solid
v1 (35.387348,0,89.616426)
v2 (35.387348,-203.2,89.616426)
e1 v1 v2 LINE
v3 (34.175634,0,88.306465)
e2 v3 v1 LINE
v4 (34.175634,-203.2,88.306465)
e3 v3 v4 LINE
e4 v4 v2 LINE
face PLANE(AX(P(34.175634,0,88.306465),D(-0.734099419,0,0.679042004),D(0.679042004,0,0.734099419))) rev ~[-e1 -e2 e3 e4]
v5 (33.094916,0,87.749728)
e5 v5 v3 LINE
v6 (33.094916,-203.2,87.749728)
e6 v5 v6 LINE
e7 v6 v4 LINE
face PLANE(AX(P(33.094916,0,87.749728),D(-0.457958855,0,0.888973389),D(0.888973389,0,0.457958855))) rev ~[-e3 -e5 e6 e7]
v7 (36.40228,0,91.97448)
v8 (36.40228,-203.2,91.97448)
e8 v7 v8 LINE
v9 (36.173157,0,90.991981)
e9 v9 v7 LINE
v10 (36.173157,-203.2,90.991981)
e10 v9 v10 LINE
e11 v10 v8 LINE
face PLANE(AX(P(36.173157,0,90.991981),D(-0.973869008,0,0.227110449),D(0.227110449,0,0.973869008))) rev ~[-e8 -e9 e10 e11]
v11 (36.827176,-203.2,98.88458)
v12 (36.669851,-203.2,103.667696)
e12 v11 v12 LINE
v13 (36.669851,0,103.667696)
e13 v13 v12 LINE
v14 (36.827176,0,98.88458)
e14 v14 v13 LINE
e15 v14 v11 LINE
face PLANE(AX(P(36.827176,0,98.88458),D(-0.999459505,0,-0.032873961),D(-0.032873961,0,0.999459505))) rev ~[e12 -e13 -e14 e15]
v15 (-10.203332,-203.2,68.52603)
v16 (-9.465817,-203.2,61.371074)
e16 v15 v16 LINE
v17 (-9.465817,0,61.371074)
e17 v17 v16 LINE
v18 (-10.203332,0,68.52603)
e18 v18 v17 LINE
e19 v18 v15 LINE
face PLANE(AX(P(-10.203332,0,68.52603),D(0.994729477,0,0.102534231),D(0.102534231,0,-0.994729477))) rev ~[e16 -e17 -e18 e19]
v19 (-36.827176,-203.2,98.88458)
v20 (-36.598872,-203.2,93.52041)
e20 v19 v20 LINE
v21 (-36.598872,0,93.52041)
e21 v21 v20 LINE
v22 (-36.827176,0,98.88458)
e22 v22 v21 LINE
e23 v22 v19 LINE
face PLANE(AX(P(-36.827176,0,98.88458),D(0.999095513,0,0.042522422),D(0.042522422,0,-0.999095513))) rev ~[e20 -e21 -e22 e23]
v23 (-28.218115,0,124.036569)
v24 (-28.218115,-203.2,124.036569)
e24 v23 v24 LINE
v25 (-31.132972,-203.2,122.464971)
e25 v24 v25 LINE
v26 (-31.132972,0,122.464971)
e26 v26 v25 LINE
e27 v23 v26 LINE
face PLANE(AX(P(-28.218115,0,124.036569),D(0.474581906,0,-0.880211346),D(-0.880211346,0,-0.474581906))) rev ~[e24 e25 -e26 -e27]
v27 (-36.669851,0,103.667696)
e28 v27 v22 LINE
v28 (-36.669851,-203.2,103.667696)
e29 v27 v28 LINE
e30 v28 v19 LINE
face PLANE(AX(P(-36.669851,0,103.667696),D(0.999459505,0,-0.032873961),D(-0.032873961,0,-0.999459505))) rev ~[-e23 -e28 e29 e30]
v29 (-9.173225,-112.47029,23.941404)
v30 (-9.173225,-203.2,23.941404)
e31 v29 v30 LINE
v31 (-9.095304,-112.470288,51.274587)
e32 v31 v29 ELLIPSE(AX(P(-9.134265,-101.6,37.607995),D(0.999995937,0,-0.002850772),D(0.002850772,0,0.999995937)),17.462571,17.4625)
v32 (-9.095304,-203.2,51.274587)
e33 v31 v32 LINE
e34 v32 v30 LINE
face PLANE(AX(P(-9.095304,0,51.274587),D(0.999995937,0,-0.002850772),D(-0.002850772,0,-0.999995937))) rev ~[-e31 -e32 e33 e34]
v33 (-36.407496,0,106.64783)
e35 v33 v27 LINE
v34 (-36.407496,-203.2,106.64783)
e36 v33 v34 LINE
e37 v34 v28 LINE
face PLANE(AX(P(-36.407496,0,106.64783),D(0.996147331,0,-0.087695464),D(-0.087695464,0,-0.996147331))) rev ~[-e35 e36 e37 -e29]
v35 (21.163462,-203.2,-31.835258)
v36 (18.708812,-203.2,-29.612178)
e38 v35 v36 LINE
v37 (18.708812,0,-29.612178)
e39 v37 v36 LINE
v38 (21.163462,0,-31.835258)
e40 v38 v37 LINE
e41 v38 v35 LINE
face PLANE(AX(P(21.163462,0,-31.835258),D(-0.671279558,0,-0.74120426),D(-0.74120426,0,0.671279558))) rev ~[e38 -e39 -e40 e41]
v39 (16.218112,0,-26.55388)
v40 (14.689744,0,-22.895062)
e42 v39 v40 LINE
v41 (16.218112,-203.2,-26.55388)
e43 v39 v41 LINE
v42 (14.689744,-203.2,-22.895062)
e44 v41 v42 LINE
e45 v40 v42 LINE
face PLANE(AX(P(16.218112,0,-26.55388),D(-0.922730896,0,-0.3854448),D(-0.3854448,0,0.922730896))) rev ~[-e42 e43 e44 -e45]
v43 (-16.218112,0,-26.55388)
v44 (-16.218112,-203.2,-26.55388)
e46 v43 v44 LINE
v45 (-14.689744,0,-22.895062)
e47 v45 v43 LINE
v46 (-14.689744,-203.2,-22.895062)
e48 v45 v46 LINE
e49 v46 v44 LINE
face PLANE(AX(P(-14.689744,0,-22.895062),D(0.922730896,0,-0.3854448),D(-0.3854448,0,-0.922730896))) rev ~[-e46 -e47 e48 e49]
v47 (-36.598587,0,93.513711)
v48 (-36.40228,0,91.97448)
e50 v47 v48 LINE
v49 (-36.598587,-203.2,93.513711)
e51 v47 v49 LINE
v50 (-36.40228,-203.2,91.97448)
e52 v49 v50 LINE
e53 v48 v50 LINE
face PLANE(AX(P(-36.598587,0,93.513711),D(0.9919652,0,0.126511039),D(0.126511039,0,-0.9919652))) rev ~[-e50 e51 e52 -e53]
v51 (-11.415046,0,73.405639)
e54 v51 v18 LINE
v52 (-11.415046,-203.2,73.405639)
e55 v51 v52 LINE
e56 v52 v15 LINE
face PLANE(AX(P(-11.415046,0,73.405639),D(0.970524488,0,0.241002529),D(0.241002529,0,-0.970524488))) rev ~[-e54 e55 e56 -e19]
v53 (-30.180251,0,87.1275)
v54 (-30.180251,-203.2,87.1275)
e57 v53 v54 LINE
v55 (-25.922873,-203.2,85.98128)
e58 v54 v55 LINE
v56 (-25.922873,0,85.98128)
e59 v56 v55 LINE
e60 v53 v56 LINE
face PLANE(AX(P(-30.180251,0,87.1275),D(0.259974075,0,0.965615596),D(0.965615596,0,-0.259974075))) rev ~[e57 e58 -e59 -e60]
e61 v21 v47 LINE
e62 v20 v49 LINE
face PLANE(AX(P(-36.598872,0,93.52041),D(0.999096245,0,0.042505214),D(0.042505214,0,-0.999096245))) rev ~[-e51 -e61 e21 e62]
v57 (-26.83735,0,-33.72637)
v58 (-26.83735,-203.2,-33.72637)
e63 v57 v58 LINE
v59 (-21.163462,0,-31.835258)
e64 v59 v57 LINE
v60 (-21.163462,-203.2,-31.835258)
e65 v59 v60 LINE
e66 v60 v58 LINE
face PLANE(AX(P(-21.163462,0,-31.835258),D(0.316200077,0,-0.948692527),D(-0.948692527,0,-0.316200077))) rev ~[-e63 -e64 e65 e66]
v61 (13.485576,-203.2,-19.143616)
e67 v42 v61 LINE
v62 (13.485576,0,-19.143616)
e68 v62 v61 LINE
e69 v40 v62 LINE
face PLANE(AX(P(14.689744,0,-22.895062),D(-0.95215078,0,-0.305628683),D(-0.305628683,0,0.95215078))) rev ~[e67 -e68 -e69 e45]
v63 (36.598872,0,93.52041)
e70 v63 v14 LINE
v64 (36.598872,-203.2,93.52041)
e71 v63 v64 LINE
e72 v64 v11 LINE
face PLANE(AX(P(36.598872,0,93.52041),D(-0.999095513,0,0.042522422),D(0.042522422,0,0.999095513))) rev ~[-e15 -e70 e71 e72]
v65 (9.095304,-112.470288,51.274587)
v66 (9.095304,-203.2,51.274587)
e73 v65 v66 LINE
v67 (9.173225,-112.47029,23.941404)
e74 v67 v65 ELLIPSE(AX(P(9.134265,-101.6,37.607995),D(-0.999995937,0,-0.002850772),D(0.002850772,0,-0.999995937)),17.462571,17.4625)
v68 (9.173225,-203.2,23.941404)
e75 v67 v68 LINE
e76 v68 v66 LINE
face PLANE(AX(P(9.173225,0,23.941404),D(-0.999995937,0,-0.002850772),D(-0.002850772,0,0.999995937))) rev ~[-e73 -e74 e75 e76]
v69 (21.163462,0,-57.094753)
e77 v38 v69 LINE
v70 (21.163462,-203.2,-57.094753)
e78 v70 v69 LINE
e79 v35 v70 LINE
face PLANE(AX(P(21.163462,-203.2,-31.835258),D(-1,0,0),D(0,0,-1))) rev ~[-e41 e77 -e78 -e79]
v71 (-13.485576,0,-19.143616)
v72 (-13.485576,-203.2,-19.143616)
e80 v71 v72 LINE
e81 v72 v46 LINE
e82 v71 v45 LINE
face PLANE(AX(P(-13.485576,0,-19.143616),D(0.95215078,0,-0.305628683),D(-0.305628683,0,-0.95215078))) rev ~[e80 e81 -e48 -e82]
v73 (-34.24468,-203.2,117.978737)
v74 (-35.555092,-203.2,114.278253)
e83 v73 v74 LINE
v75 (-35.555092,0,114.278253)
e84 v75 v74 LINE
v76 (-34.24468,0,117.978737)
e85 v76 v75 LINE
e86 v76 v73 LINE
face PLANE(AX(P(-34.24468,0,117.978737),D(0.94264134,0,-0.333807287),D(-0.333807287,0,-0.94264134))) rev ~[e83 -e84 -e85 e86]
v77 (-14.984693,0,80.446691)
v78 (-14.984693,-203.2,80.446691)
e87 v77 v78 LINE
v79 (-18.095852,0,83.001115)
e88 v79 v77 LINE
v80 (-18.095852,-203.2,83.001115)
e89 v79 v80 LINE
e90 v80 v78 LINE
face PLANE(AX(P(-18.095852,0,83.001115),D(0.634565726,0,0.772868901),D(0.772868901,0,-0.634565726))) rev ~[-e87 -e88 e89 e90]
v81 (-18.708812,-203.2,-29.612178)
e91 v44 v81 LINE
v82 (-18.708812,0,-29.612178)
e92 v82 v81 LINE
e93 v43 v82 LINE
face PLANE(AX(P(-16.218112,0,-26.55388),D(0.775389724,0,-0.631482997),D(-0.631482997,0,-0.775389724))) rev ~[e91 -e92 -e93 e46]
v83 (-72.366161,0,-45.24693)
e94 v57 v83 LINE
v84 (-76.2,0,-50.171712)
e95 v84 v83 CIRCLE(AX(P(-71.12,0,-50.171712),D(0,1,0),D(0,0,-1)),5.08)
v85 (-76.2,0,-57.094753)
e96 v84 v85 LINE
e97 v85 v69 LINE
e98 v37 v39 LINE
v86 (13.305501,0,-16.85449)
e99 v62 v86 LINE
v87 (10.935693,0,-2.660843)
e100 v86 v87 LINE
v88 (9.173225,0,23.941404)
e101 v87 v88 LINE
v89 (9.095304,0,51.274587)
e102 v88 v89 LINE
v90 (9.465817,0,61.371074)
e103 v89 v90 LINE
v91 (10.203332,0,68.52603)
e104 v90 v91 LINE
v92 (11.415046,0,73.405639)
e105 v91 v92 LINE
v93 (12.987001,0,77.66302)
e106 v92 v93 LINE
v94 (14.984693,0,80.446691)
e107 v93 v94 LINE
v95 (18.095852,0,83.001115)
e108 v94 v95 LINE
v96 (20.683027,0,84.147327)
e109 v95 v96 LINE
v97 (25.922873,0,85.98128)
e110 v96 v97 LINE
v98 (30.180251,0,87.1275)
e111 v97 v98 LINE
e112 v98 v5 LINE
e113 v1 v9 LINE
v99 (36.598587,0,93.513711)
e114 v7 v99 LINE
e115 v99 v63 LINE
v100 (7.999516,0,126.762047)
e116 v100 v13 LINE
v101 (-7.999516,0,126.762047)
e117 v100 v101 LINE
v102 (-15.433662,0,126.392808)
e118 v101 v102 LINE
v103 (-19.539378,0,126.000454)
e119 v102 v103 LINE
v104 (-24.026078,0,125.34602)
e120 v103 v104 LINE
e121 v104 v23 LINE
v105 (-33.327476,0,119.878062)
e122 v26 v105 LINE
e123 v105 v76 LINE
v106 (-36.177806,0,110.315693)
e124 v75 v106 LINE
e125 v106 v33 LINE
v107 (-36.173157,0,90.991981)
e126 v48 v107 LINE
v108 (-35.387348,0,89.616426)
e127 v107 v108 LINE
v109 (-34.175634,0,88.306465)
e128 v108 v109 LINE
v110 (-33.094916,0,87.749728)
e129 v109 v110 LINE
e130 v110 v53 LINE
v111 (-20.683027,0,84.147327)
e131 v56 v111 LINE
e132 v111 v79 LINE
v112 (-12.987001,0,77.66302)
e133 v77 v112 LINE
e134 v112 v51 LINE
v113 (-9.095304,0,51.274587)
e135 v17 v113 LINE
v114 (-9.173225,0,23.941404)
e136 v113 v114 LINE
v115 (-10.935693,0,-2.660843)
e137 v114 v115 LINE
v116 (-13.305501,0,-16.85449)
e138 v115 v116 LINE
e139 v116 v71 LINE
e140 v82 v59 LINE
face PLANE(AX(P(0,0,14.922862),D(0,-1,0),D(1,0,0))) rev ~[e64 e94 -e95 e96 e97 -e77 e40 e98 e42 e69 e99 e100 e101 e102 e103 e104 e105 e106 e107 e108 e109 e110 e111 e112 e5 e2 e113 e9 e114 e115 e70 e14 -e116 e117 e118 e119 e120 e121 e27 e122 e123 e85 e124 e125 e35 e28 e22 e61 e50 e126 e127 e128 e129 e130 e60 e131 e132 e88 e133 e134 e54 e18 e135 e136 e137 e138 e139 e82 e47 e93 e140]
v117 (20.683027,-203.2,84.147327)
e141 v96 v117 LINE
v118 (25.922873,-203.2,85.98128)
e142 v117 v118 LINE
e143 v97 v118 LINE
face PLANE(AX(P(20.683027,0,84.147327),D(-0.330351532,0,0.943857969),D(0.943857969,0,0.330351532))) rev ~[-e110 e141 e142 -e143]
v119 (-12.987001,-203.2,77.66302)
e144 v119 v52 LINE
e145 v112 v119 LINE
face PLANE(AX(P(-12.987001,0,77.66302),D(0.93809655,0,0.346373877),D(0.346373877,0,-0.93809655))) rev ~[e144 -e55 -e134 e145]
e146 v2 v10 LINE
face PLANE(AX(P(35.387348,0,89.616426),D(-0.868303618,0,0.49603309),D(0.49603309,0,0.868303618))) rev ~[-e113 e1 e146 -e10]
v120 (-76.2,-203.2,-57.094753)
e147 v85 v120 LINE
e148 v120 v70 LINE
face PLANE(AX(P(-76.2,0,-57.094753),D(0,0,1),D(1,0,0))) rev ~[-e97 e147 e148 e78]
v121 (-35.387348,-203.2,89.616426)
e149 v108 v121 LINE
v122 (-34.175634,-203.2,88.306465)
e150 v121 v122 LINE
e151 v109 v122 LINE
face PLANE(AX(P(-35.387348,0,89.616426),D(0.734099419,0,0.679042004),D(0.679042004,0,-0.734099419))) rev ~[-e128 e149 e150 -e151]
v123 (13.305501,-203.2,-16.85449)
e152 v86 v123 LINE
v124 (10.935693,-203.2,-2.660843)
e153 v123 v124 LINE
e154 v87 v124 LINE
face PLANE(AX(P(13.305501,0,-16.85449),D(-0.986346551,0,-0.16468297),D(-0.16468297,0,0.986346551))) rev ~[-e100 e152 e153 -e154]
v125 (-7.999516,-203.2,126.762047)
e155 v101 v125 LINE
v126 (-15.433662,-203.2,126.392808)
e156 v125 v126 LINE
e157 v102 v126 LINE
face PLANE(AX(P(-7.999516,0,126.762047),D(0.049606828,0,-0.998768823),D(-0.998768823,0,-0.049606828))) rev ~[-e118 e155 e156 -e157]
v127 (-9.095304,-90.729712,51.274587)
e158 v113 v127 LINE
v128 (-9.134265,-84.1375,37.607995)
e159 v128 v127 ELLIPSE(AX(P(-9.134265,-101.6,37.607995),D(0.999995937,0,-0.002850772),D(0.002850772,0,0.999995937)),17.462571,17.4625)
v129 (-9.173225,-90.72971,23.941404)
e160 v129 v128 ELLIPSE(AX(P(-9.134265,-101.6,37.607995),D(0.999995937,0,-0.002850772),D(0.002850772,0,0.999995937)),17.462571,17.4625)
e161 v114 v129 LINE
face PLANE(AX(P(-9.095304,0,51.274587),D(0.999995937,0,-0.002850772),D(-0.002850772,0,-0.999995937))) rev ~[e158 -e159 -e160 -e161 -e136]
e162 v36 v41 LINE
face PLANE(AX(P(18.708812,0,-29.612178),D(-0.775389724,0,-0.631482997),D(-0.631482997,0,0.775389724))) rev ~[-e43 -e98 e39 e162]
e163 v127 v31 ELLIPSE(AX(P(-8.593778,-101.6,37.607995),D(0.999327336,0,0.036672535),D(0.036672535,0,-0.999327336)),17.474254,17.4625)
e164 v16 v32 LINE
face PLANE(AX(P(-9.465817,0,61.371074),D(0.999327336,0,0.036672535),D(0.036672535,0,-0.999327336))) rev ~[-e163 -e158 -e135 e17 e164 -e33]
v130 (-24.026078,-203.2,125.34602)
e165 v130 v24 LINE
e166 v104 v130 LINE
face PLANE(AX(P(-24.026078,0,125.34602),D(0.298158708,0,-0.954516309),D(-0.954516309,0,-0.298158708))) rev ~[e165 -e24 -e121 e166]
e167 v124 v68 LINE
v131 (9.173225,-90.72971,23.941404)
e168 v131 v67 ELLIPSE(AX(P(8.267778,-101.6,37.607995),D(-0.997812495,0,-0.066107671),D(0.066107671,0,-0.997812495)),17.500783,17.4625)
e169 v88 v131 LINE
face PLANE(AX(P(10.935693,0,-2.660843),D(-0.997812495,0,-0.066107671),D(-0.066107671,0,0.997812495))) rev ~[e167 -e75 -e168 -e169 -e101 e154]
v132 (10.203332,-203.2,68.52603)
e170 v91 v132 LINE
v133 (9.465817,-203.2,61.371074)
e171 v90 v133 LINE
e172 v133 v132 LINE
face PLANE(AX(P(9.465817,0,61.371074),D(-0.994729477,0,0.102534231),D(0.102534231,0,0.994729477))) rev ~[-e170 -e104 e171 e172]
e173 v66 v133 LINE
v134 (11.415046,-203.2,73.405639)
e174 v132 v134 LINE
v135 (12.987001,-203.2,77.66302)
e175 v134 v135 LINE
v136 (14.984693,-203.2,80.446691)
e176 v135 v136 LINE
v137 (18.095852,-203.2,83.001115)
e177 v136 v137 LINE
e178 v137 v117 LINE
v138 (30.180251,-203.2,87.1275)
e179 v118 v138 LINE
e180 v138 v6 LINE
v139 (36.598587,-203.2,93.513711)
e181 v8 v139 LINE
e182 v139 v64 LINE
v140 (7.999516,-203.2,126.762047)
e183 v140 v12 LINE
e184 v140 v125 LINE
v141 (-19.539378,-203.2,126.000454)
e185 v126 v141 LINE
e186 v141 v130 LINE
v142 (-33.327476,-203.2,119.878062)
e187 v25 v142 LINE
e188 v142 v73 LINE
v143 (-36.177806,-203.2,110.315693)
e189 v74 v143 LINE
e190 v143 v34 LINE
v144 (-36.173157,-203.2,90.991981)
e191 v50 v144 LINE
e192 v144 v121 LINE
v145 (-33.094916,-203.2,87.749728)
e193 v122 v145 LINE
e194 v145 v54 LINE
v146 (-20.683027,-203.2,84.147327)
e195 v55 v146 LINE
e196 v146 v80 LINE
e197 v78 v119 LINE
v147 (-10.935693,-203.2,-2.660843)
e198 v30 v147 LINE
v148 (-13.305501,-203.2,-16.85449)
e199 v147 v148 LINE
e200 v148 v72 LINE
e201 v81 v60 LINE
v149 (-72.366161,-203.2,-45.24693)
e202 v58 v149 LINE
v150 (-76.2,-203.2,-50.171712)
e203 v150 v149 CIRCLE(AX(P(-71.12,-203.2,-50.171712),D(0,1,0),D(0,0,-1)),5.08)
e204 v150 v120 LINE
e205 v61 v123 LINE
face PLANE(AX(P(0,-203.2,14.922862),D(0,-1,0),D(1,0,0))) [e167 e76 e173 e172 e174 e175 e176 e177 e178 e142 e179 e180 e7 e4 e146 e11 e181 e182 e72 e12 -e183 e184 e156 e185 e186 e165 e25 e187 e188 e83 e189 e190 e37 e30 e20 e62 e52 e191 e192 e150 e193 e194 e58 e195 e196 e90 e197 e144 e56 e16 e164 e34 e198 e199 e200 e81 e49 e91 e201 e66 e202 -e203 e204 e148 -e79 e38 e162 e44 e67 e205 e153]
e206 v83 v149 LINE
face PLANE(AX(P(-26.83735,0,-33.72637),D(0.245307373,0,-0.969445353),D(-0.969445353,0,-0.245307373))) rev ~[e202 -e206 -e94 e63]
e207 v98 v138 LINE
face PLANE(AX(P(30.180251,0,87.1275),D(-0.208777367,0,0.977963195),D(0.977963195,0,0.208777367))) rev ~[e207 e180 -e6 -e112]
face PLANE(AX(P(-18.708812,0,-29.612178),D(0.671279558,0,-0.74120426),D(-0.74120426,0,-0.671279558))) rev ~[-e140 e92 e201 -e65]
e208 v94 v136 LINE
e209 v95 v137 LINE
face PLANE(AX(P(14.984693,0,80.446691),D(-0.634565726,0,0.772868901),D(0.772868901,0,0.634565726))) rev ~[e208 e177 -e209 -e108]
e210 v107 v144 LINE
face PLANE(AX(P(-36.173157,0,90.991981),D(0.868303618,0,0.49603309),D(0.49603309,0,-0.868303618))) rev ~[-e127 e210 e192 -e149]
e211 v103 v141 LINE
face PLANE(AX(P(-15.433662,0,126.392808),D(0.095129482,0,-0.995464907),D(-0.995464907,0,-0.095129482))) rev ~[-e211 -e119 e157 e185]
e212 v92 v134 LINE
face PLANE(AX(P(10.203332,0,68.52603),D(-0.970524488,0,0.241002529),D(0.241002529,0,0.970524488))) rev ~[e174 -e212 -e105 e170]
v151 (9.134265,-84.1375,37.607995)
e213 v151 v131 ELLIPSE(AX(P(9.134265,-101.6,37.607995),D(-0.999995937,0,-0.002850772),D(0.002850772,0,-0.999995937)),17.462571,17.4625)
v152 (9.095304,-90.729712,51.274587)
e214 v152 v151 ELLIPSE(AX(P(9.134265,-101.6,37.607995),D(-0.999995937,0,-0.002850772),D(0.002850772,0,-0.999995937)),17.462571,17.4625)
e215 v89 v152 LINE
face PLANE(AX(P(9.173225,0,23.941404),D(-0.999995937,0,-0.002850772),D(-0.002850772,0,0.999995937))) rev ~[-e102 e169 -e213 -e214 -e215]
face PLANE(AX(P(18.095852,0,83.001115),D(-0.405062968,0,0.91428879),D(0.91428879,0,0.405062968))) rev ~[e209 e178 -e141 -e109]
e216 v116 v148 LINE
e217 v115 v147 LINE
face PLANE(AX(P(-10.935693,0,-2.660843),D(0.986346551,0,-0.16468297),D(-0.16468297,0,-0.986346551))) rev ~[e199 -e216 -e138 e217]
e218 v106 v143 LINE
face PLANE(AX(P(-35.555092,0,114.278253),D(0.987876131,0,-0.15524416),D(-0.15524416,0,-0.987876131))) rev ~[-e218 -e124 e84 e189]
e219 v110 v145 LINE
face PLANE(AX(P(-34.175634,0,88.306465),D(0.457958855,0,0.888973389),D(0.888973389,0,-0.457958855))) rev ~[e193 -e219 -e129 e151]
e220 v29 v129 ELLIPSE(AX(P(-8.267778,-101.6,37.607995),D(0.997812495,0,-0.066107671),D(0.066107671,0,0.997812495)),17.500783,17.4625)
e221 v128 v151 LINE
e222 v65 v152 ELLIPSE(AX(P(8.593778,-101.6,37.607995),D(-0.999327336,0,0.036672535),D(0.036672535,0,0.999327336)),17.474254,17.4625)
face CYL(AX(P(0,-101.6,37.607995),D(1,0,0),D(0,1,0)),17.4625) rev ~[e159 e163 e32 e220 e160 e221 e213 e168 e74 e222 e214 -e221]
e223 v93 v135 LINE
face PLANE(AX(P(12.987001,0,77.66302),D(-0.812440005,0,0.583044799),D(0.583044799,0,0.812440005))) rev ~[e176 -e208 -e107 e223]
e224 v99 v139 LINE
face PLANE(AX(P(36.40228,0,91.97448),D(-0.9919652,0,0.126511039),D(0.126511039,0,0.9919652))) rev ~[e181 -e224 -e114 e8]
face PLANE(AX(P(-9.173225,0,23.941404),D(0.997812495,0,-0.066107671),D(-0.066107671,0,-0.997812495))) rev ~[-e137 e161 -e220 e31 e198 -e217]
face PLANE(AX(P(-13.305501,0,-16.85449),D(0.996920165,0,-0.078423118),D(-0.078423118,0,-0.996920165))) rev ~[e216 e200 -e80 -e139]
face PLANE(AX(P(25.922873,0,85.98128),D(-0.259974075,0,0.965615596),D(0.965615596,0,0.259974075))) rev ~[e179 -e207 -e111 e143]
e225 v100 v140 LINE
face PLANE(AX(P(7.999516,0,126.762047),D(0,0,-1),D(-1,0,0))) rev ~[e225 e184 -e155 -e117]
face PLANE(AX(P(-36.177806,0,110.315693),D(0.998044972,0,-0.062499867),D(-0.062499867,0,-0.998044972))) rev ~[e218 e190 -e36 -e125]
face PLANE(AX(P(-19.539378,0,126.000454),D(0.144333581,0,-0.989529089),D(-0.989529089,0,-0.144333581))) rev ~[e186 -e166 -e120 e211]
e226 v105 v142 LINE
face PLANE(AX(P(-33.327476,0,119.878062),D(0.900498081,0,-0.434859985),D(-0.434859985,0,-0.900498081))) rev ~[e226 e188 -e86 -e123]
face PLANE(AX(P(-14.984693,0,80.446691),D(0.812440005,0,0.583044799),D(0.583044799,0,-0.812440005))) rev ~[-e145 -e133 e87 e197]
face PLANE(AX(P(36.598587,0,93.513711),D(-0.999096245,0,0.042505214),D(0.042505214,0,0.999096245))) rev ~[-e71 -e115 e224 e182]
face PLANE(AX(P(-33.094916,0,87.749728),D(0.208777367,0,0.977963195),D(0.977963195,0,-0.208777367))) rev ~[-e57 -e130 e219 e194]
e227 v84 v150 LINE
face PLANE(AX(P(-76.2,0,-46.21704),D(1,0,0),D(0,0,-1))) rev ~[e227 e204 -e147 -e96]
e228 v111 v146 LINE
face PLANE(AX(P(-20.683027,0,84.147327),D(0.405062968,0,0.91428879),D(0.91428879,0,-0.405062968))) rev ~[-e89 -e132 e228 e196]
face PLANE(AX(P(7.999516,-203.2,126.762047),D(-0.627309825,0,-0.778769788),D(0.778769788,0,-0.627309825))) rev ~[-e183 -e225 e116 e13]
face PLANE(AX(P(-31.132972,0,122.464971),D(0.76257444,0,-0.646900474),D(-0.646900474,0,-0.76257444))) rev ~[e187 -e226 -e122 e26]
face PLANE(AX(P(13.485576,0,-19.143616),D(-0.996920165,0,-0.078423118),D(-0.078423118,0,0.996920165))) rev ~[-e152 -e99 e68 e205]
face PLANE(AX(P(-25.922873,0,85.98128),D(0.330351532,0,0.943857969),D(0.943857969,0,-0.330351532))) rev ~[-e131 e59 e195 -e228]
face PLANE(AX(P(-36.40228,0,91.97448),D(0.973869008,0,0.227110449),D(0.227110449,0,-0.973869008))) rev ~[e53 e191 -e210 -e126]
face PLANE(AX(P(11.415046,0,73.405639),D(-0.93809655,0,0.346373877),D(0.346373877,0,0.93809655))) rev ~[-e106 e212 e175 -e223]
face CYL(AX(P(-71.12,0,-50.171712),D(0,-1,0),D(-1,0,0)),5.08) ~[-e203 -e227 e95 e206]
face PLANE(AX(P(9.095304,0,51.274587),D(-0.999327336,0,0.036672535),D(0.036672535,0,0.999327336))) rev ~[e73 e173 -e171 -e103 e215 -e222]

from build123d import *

# Parameters (mm, degrees)
F1_DEPTH = 203.2
F2_R     = 5.08
F4_DEPTH = 508
F5_R     = 17.4625
F6_DEPTH = 152.4
F8_DEPTH = 508


with BuildPart() as f1:
    # F0 (on Front) → F1 (new body)
    with BuildSketch(Plane.XZ):
        Polygon((-76.2, -46.21704), (-76.2, -57.094753), (76.2, -57.094753), (76.2, -46.21704), (26.83735, -33.72637), (21.163462, -31.835258), (18.708812, -29.612178), (16.218112, -26.55388), (14.689744, -22.895062), (13.485576, -19.143616), (13.305501, -16.85449), (10.935693, -2.660843), (9.173225, 23.941404), (9.095304, 51.274587), (9.465817, 61.371074), (10.203332, 68.52603), (11.415046, 73.405639), (12.987001, 77.66302), (14.984693, 80.446691), (18.095852, 83.001115), (20.683027, 84.147327), (25.922873, 85.98128), (30.180251, 87.1275), (33.094916, 87.749728), (34.175634, 88.306465), (35.387348, 89.616426), (36.173157, 90.991981), (36.40228, 91.97448), (36.598587, 93.513711), (36.598872, 93.52041), (36.827176, 98.88458), (36.669851, 103.667696), (36.407496, 106.64783), (36.177806, 110.315693), (35.555092, 114.278253), (34.24468, 117.978737), (33.327476, 119.878062), (31.132972, 122.464971), (28.218115, 124.036569), (24.026078, 125.34602), (19.539378, 126.000454), (15.433662, 126.392808), (7.999516, 126.762047), (0, 126.762047), (-7.999516, 126.762047), (-15.433662, 126.392808), (-19.539378, 126.000454), (-24.026078, 125.34602), (-28.218115, 124.036569), (-31.132972, 122.464971), (-33.327476, 119.878062), (-34.24468, 117.978737), (-35.555092, 114.278253), (-36.177806, 110.315693), (-36.407496, 106.64783), (-36.669851, 103.667696), (-36.827176, 98.88458), (-36.598872, 93.52041), (-36.598587, 93.513711), (-36.40228, 91.97448), (-36.173157, 90.991981), (-35.387348, 89.616426), (-34.175634, 88.306465), (-33.094916, 87.749728), (-30.180251, 87.1275), (-25.922873, 85.98128), (-20.683027, 84.147327), (-18.095852, 83.001115), (-14.984693, 80.446691), (-12.987001, 77.66302), (-11.415046, 73.405639), (-10.203332, 68.52603), (-9.465817, 61.371074), (-9.095304, 51.274587), (-9.173225, 23.941404), (-10.935693, -2.660843), (-13.305501, -16.85449), (-13.485576, -19.143616), (-14.689744, -22.895062), (-16.218112, -26.55388), (-18.708812, -29.612178), (-21.163462, -31.835258), (-26.83735, -33.72637), align=None)
    extrude(amount=F1_DEPTH)

    # F2
    f2_edges = [f1.edges().sort_by_distance(p)[0] for p in [
        (76.2, -101.6, -46.21704),
        (-76.2, -101.6, -46.21704),
    ]]
    fillet(f2_edges, radius=F2_R)

    # F3 (on face) → F4 (cut)
    with BuildSketch(Plane.XZ.offset(203.2)):
        with BuildLine():
            Line((26.83735, -33.72637), (21.163462, -31.835258))
            Line((21.163462, -31.835258), (21.163462, -57.094753))
            Line((21.163462, -57.094753), (76.2, -57.094753))
            Line((76.2, -57.094753), (76.2, -50.171713))
            ThreePointArc((76.2, -50.171713), (75.128547, -47.051144), (72.366162, -45.24693))
            Line((72.366162, -45.24693), (26.83735, -33.72637))
        make_face()
    extrude(amount=-F4_DEPTH, mode=Mode.SUBTRACT)

    # F5 (on Right) → F6 (cut, symmetric)
    with BuildSketch(Plane.YZ):
        with Locations((-101.6, 37.607995)):
            Circle(F5_R)
    extrude(amount=F6_DEPTH, both=True, mode=Mode.SUBTRACT)

    # F7 (on face) → F8 (cut)
    with BuildSketch(Plane.XZ.offset(203.2)):
        Polygon((15.433662, 126.392808), (7.999516, 126.762047), (36.669851, 103.667696), (36.407496, 106.64783), (36.177806, 110.315693), (35.555092, 114.278253), (34.24468, 117.978737), (33.327476, 119.878062), (31.132972, 122.464971), (28.218115, 124.036569), (24.026078, 125.34602), (19.539378, 126.000454), align=None)
    extrude(amount=-F8_DEPTH, mode=Mode.SUBTRACT)


solid = f1.part
